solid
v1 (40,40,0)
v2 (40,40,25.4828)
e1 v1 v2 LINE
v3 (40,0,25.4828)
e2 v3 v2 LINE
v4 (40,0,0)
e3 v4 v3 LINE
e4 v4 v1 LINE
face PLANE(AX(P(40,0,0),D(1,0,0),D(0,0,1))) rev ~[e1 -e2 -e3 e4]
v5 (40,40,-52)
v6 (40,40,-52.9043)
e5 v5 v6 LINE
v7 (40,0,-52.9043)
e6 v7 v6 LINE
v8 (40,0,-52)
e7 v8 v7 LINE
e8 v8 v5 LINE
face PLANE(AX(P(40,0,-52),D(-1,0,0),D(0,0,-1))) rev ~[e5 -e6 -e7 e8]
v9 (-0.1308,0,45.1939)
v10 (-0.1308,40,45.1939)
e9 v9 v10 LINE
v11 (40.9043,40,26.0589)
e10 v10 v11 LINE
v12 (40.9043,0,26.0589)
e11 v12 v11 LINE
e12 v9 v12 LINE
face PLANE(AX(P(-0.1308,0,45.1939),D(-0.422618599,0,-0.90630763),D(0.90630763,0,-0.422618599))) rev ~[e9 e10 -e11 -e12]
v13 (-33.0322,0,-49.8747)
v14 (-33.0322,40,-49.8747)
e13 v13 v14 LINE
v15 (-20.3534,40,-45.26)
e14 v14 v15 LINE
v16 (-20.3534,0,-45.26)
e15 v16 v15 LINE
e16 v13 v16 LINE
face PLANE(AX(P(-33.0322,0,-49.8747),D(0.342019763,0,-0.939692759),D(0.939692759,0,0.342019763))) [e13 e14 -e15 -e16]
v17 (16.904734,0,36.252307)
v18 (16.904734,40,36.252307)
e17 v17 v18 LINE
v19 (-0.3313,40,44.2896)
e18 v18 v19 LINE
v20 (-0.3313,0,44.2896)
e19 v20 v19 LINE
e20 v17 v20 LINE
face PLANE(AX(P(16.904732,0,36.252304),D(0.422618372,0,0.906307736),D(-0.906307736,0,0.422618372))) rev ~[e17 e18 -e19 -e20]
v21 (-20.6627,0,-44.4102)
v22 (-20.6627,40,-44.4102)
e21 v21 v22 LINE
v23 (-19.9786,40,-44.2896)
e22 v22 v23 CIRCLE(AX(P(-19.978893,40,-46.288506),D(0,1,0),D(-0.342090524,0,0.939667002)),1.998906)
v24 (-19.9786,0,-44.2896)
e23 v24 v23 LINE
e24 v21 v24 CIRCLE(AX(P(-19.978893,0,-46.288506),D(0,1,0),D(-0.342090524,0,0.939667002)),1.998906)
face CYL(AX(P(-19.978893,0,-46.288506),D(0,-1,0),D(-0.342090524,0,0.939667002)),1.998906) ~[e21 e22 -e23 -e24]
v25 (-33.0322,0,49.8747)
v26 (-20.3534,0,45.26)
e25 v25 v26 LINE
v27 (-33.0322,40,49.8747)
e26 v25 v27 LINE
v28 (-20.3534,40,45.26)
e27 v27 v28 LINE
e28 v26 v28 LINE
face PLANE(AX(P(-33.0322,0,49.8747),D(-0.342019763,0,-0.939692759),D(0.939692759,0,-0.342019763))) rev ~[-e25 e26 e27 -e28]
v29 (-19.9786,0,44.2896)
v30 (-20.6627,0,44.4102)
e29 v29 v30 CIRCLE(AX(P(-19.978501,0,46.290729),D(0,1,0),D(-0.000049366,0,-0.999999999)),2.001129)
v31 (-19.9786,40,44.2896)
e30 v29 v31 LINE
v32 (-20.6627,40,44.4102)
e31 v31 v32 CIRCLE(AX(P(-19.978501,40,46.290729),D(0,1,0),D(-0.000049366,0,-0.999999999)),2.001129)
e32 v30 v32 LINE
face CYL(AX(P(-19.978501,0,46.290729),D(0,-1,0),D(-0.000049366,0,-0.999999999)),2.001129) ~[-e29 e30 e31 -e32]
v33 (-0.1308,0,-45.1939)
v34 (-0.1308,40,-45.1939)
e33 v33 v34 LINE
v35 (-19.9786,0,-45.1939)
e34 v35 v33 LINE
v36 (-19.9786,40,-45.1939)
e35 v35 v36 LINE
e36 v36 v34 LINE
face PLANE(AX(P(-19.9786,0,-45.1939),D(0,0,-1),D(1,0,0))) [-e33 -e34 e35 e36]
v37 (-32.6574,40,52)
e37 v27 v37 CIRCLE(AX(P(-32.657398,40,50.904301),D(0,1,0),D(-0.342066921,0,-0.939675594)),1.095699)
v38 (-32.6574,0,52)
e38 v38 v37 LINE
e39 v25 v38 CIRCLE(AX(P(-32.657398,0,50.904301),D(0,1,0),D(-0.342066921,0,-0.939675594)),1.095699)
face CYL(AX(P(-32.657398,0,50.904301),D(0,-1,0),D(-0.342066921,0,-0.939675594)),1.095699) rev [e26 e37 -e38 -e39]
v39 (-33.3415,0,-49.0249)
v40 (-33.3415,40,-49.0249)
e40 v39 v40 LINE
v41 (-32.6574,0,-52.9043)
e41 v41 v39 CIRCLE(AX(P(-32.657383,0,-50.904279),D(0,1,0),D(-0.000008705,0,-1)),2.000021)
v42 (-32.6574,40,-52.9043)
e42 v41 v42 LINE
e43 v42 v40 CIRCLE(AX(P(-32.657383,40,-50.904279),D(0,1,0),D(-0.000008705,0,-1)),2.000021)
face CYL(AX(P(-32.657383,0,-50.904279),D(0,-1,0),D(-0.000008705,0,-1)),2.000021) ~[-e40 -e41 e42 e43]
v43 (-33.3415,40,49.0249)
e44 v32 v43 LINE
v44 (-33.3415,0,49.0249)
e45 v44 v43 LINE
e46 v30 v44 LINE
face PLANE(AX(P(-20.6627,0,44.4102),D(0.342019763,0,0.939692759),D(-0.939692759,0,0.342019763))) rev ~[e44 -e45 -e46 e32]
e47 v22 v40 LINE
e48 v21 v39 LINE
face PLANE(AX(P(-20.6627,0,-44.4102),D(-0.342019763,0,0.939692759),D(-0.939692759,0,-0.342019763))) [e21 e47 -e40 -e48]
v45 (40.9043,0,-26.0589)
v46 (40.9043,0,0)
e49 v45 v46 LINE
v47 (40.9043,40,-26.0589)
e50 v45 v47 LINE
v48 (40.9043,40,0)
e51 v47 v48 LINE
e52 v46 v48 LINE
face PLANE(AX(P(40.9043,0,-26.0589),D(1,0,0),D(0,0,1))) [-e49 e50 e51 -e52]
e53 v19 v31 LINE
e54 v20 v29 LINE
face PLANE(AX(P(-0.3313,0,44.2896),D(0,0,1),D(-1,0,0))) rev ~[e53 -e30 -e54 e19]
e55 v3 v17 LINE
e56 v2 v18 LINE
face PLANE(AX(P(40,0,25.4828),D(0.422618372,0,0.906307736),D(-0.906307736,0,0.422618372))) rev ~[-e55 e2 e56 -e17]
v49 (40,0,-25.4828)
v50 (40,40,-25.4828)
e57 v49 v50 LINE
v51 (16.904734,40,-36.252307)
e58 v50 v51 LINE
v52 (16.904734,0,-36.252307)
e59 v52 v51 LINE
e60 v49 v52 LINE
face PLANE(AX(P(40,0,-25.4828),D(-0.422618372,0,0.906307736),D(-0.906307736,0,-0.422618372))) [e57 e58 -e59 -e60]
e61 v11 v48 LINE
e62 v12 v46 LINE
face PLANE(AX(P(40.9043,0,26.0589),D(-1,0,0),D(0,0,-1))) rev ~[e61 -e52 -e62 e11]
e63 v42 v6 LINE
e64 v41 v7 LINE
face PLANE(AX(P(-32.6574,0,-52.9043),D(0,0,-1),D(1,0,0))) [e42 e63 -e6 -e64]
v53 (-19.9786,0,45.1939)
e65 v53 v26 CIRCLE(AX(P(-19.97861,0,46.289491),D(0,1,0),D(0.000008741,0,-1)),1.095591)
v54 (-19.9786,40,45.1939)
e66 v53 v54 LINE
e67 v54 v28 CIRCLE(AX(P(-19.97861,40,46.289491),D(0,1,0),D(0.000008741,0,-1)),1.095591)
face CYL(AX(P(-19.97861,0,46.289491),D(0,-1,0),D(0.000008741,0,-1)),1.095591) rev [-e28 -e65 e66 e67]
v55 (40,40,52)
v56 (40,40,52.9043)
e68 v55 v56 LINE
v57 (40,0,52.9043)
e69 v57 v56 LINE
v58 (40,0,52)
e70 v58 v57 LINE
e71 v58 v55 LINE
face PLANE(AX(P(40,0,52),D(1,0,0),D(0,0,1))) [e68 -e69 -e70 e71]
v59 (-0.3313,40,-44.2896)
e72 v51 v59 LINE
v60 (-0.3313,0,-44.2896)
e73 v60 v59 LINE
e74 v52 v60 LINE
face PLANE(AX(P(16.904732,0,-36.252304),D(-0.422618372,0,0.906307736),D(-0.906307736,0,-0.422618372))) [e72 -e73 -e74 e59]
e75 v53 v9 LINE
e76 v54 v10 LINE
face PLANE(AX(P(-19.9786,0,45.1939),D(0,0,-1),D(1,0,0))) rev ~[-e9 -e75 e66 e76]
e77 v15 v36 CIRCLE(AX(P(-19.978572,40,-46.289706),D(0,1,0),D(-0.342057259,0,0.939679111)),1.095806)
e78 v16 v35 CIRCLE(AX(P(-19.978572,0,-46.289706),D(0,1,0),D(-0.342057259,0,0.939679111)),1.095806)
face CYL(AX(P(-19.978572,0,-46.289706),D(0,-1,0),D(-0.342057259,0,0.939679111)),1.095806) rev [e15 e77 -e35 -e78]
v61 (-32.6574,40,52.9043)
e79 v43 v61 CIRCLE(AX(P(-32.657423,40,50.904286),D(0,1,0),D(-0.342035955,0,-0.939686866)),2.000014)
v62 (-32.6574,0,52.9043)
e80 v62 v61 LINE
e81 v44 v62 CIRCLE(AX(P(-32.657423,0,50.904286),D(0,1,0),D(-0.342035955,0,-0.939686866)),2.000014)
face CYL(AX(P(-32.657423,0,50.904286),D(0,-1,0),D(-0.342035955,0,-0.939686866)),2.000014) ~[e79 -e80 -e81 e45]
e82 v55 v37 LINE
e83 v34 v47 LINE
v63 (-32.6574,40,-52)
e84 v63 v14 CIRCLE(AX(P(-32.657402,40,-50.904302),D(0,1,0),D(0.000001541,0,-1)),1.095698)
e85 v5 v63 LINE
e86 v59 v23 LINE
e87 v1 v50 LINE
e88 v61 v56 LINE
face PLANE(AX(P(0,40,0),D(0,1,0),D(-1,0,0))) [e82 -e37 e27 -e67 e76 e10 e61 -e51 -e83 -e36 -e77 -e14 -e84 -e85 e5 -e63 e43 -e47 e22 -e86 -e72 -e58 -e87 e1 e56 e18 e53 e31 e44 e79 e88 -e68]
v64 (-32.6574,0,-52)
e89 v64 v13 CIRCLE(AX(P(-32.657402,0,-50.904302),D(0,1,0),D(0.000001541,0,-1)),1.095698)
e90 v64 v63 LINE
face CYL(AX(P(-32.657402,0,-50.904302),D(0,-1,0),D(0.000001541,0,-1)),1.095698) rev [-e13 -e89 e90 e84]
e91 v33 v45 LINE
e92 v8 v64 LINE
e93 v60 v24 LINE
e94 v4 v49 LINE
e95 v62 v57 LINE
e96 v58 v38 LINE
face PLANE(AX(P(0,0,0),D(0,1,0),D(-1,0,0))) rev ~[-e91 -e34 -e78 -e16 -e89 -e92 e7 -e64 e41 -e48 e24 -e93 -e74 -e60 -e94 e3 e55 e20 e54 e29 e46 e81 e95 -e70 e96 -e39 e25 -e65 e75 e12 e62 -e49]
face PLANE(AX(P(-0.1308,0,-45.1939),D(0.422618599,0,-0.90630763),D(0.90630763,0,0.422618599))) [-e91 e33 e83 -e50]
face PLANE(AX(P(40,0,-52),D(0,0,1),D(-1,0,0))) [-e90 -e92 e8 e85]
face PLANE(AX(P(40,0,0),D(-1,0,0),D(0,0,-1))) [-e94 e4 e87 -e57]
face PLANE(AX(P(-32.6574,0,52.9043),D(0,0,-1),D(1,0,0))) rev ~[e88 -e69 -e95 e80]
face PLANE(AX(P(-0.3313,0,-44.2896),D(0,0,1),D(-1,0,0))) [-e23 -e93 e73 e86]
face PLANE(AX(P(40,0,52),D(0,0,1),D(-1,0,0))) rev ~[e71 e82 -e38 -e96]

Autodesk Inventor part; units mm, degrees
ref_plane "YZ Plane" through (0, 0, 0) normal (1, 0, 0) x (0, 1, 0)
ref_plane "XZ Plane" through (0, 0, 0) normal (0, 1, 0) x (-1, 0, 0)
ref_plane "XY Plane" through (0, 0, 0) normal (0, 0, 1) x (1, 0, 0)
sketch "Esboço1" plane through (0, 0, 0) normal (0, 1, 0) x (-1, 0, 0)
  circle A0 centre (0, 0) radius 40
  line L0 (-40, 0) -> (-40, -25.4828)
  line L1 (-40, -25.4828) -> (0.3313, -44.2896)
  line L2 (0.3313, -44.2896) -> (19.9786, -44.2896)
  line L3 (20.6627, -44.4102) -> (33.3415, -49.0249)
  line L4 (32.6574, -52.9043) -> (-40, -52.9043)
  arc A1 (32.6574, -52.9043) -> (33.3415, -49.0249) centre (32.6574, -50.9043) ccw
  arc A2 (20.6627, -44.4102) -> (19.9786, -44.2896) centre (19.9786, -46.2896) ccw
  line L5 (-40, -52) -> (32.6574, -52)
  arc A3 (32.6574, -52) -> (33.0322, -49.8747) centre (32.6574, -50.9043) ccw
  line L6 (33.0322, -49.8747) -> (20.3534, -45.26)
  arc A4 (20.3534, -45.26) -> (19.9786, -45.1939) centre (19.9786, -46.2896) ccw
  line L7 (19.9786, -45.1939) -> (0.1308, -45.1939)
  line L8 (0.1308, -45.1939) -> (-40.9043, -26.0589)
  line L9 (-40.9043, -26.0589) -> (-40.9043, 0)
  line L10 (-40, -52) -> (-40, -52.9043)
  line L11 (40, 0) -> (-40, 0)
  line L12 (-40, 0) -> (-40, 25.4828)
  line L13 (-40, 25.4828) -> (0.3313, 44.2896)
  line L14 (0.3313, 44.2896) -> (19.9786, 44.2896)
  line L15 (20.6627, 44.4102) -> (33.3415, 49.0249)
  line L16 (32.6574, 52.9043) -> (-40, 52.9043)
  arc A5 (33.3415, 49.0249) -> (32.6574, 52.9043) centre (32.6574, 50.9043) ccw
  arc A6 (19.9786, 44.2896) -> (20.6627, 44.4102) centre (19.9786, 46.2896) ccw
  line L17 (-40, 52) -> (32.6574, 52)
  arc A7 (33.0322, 49.8747) -> (32.6574, 52) centre (32.6574, 50.9043) ccw
  line L18 (33.0322, 49.8747) -> (20.3534, 45.26)
  arc A8 (19.9786, 45.1939) -> (20.3534, 45.26) centre (19.9786, 46.2896) ccw
  line L19 (19.9786, 45.1939) -> (0.1308, 45.1939)
  line L20 (0.1308, 45.1939) -> (-40.9043, 26.0589)
  line L21 (-40.9043, 26.0589) -> (-40.9043, 0)
  line L22 (-40, 52) -> (-40, 52.9043)
  point P0 (20.3313, -44.2896)
  dimension "d0" = 80
  dimension "d1" = 115
  dimension "d4" = 20
  dimension "d5" = 160
  dimension "d6" = 2
  dimension "d7" = 0.9043
  dimension "d8" = 7.7104
  dimension "d9" = 34.6649
  dimension "d10" = 20.6748
extrude "Extrusão1" add sketch "Esboço1" along normal blind 40 contours L13 L12 L0 L1 L2 A2 L3 A1 L4 L10 L5 A3 L6 A4 L7 L8 L9 L21 L20 L19 A8 L18 A7 L17 L22 L16 A5 L15 A6 L14
equation "\"Raio_dobra\" = Espessura"
equation "\"Largura_alívio_de_dobra\" = Espessura"
equation "\"Profundidade_alívio_de_dobra\" = 0.5 * Espessura"
equation "\"Tamanho_alívio_de_dobra\" = 4 * Espessura"
equation "\"Remanescente_mínimo\" = 2 * Espessura"
equation "\"Raiodetransição\" = Raio_dobra"
equation "\"Tamanho_de_raio_de_Jacobi\" = Raio_dobra"
equation "\"TamanhoFolga\" = Espessura"
equation "\"Espessura\" = 0.5"
properties part number "Garra"
